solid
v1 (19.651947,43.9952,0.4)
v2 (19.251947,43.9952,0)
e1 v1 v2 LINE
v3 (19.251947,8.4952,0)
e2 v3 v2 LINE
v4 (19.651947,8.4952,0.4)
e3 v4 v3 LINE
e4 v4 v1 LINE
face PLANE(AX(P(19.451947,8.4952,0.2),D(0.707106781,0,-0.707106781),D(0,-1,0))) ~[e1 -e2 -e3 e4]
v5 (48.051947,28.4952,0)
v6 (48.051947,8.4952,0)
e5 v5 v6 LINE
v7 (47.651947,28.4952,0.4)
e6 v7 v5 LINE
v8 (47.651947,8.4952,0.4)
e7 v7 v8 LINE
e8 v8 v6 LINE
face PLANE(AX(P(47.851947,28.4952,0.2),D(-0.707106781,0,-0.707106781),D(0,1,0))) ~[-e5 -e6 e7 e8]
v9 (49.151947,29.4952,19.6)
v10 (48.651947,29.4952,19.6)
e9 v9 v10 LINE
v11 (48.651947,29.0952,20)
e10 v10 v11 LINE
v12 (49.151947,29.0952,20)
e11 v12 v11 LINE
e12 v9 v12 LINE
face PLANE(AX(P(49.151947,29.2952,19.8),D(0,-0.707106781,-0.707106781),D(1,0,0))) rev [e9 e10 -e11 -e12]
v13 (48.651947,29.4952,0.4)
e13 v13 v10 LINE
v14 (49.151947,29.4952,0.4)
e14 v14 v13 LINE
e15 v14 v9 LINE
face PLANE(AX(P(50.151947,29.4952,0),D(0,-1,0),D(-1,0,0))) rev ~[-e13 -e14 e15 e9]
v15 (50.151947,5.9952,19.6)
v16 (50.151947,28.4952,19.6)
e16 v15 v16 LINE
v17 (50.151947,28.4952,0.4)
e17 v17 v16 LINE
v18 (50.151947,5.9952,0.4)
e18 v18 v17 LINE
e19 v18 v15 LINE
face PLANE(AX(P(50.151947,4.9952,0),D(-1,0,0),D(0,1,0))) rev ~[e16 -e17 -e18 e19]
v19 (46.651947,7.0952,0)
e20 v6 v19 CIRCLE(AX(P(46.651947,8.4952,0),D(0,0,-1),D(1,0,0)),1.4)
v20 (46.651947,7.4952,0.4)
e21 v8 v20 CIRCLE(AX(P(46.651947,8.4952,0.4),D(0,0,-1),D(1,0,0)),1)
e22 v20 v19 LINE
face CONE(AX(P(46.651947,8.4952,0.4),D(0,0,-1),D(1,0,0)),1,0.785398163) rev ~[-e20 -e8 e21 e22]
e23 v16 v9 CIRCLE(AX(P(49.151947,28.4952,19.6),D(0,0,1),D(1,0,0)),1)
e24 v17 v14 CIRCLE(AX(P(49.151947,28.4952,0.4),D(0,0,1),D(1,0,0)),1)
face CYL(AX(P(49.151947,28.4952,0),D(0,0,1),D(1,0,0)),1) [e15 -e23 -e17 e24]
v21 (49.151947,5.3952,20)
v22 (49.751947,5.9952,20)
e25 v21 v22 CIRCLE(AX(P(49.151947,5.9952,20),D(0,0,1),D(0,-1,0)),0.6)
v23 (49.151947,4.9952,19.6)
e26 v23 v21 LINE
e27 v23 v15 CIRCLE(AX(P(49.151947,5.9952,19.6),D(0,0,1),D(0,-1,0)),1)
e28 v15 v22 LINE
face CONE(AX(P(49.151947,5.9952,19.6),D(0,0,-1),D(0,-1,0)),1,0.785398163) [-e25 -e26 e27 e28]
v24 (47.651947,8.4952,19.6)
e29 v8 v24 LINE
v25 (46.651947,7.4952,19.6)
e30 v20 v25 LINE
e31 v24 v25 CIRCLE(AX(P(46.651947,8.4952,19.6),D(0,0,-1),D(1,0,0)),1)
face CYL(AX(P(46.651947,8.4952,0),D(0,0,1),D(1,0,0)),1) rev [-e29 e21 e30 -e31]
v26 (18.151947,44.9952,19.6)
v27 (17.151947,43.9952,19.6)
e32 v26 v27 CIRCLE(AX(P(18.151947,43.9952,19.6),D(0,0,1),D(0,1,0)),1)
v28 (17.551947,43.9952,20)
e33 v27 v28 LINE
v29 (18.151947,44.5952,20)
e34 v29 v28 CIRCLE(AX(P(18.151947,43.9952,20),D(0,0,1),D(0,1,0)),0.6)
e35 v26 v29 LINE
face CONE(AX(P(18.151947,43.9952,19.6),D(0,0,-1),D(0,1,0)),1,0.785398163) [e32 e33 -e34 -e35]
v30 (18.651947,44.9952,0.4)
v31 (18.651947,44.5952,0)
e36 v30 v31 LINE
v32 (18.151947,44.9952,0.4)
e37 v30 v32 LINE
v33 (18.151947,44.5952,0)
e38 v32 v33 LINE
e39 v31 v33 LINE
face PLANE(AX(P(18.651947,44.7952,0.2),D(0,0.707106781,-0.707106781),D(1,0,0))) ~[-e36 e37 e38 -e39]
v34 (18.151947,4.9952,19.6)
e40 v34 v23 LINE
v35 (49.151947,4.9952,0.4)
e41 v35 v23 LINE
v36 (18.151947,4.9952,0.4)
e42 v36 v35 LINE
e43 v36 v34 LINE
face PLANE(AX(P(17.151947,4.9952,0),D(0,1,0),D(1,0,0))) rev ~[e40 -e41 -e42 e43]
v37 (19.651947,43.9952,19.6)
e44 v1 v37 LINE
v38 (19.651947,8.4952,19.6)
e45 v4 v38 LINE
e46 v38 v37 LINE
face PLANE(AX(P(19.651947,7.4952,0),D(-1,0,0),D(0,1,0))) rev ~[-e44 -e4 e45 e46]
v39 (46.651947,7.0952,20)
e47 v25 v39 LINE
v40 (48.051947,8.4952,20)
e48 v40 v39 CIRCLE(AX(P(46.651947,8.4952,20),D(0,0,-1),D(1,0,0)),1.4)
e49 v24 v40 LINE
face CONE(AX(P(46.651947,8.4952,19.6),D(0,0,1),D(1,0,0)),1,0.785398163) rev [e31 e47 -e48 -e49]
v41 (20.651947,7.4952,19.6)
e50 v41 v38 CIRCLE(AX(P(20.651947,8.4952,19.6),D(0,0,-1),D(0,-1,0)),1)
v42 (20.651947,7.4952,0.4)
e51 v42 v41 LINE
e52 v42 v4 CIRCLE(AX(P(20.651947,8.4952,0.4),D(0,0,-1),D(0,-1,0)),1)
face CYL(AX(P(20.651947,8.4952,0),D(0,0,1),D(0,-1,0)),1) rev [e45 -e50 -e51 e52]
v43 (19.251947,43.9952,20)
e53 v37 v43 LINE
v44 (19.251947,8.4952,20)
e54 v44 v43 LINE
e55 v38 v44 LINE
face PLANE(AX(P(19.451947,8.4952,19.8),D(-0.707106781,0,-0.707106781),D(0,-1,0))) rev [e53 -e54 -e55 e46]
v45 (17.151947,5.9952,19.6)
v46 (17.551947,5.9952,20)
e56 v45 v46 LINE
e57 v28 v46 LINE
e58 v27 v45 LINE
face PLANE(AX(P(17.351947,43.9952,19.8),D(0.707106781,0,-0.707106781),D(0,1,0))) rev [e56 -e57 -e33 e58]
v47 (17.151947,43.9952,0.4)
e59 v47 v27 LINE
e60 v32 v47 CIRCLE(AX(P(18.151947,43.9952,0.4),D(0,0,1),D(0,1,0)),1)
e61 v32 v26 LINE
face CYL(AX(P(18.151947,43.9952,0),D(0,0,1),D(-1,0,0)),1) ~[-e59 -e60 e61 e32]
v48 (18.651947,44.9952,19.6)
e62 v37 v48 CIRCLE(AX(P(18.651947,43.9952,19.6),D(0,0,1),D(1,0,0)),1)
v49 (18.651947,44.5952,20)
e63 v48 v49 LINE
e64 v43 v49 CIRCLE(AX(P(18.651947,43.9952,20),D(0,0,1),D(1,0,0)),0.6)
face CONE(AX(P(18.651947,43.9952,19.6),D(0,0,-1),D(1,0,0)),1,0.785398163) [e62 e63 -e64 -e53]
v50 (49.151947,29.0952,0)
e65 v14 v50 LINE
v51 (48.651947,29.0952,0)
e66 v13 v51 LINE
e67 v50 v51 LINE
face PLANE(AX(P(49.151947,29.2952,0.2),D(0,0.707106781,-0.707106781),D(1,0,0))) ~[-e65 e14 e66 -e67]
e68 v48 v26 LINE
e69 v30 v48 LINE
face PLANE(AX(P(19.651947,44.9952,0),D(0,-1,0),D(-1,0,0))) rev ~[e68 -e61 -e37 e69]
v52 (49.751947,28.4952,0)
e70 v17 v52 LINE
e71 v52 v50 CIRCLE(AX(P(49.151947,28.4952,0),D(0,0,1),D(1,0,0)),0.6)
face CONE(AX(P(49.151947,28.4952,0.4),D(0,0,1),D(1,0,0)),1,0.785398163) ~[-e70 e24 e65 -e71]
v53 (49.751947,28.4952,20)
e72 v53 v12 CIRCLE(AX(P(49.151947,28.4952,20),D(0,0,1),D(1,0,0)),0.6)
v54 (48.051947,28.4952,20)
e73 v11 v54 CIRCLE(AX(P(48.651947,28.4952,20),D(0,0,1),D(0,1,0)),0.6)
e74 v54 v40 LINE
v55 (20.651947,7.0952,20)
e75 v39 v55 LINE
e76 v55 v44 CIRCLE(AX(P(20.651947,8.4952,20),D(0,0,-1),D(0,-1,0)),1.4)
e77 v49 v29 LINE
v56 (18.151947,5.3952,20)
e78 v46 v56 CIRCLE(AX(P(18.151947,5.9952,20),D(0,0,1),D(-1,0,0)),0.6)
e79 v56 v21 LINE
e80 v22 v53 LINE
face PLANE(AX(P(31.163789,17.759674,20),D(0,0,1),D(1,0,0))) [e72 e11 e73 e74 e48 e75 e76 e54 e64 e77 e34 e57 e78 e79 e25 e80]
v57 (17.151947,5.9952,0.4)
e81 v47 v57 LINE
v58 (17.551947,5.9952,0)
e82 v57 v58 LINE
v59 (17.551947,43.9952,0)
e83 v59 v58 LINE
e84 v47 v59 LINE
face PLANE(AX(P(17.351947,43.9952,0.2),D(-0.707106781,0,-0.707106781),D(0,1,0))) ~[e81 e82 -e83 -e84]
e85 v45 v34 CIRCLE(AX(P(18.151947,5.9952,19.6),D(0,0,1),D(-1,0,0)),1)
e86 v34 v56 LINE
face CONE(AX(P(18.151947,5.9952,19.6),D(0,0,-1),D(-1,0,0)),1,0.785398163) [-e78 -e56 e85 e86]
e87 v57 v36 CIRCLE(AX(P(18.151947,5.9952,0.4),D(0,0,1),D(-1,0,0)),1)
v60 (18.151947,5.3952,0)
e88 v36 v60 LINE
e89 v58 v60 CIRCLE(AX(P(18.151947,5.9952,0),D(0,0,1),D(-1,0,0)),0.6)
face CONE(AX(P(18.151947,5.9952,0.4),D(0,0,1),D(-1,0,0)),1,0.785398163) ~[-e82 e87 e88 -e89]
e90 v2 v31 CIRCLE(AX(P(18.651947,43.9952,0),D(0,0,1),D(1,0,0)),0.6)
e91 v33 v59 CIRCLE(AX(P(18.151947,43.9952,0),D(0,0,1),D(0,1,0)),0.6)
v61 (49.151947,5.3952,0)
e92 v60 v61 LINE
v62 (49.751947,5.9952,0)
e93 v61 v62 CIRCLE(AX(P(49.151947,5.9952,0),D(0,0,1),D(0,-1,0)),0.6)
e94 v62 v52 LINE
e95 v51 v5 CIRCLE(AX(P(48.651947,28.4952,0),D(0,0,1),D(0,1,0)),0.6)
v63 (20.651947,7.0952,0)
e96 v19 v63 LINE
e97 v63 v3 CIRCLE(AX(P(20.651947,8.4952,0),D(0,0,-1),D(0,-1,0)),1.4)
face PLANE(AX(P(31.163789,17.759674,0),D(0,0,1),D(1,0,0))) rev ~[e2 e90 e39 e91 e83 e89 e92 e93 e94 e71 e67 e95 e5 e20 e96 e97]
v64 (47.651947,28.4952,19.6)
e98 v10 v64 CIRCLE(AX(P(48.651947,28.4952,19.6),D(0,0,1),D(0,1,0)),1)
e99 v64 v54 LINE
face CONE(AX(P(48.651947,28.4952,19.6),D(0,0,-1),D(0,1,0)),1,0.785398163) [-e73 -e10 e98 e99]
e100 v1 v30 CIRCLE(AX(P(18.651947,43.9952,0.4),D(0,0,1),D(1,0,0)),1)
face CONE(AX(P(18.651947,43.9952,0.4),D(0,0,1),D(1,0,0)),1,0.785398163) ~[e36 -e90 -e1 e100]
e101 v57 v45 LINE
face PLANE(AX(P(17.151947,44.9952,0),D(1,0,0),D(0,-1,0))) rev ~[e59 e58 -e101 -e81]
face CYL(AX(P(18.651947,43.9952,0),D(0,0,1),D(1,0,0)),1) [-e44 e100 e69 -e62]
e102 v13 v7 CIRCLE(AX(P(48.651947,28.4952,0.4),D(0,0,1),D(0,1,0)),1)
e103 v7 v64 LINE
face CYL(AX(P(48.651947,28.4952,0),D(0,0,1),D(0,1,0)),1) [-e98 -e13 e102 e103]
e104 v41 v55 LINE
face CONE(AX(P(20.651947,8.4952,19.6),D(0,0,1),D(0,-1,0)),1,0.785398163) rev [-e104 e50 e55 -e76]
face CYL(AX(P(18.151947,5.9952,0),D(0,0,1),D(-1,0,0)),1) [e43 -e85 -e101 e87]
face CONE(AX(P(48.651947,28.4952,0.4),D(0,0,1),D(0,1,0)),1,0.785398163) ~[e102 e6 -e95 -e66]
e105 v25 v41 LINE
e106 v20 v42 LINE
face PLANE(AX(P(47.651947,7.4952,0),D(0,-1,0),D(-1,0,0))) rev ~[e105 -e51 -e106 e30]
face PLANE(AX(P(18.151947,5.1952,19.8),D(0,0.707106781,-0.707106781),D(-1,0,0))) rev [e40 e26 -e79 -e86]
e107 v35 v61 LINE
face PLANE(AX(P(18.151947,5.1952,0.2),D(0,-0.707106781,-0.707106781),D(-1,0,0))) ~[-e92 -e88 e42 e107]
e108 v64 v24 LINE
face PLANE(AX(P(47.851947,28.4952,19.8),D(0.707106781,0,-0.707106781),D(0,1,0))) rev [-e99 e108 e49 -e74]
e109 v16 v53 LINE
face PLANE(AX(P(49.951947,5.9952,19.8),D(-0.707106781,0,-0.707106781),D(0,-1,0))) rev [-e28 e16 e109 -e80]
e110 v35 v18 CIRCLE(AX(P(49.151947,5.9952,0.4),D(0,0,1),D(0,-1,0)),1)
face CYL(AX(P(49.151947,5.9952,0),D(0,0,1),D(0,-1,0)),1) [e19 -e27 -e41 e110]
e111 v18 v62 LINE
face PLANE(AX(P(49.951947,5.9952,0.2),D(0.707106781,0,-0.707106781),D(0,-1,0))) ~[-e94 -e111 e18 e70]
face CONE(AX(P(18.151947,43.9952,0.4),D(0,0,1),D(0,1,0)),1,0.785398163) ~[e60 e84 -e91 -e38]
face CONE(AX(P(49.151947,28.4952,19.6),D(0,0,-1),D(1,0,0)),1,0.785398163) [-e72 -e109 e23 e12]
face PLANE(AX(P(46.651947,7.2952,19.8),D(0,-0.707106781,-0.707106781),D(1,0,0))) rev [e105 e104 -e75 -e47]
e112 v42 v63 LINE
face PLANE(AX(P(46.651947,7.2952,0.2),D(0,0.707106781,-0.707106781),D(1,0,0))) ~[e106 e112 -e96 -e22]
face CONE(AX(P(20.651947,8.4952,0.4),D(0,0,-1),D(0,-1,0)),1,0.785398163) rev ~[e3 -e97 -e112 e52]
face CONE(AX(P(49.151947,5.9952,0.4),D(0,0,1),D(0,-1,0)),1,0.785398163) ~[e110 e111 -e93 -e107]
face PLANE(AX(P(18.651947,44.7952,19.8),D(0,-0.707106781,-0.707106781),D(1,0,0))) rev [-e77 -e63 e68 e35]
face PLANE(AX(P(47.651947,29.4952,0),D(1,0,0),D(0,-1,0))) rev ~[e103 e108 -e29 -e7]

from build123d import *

# Parameters (mm, degrees)
PAD_DEPTH    = 20
FILLET_R     = 1
CHAMFER_SIZE = 0.4


with BuildPart() as part:
    # Sketch → Pad (new body)
    with BuildSketch(Plane.XY):
        Polygon((17.151947, 44.9952), (17.151947, 4.9952), (50.151947, 4.9952), (50.151947, 29.4952), (47.651947, 29.4952), (47.651947, 7.4952), (19.651947, 7.4952), (19.651947, 44.9952), align=None)
    extrude(amount=PAD_DEPTH)

    # Fillet
    fillet_edges = [part.edges().sort_by_distance(p)[0] for p in [
        (50.151947, 4.9952, 10),
        (17.151947, 4.9952, 10),
        (19.651947, 7.4952, 10),
        (17.151947, 44.9952, 10),
        (19.651947, 44.9952, 10),
        (47.651947, 7.4952, 10),
        (47.651947, 29.4952, 10),
        (50.151947, 29.4952, 10),
    ]]
    fillet(fillet_edges, radius=FILLET_R)

    # Chamfer
    chamfer_edges = [part.edges().sort_by_distance(p)[0] for p in [
        (17.151947, 24.9952, 20),
        (17.44484, 44.702307, 20),
        (17.44484, 5.288093, 20),
        (18.401947, 44.9952, 20),
        (33.651947, 4.9952, 20),
        (19.359054, 44.702307, 20),
        (49.859054, 5.288093, 20),
        (19.651947, 26.2452, 20),
        (50.151947, 17.2452, 20),
        (19.94484, 7.788093, 20),
        (49.859054, 29.202307, 20),
        (33.651947, 7.4952, 20),
        (48.901947, 29.4952, 20),
        (47.359054, 7.788093, 20),
        (47.94484, 29.202307, 20),
        (47.651947, 18.4952, 20),
        (17.151947, 24.9952, 0),
        (17.44484, 44.702307, 0),
        (17.44484, 5.288093, 0),
        (18.401947, 44.9952, 0),
        (33.651947, 4.9952, 0),
        (19.359054, 44.702307, 0),
        (49.859054, 5.288093, 0),
        (19.651947, 26.2452, 0),
        (50.151947, 17.2452, 0),
        (19.94484, 7.788093, 0),
        (49.859054, 29.202307, 0),
        (33.651947, 7.4952, 0),
        (48.901947, 29.4952, 0),
        (47.359054, 7.788093, 0),
        (47.94484, 29.202307, 0),
        (47.651947, 18.4952, 0),
    ]]
    chamfer(chamfer_edges, length=CHAMFER_SIZE)


solid = part.part
